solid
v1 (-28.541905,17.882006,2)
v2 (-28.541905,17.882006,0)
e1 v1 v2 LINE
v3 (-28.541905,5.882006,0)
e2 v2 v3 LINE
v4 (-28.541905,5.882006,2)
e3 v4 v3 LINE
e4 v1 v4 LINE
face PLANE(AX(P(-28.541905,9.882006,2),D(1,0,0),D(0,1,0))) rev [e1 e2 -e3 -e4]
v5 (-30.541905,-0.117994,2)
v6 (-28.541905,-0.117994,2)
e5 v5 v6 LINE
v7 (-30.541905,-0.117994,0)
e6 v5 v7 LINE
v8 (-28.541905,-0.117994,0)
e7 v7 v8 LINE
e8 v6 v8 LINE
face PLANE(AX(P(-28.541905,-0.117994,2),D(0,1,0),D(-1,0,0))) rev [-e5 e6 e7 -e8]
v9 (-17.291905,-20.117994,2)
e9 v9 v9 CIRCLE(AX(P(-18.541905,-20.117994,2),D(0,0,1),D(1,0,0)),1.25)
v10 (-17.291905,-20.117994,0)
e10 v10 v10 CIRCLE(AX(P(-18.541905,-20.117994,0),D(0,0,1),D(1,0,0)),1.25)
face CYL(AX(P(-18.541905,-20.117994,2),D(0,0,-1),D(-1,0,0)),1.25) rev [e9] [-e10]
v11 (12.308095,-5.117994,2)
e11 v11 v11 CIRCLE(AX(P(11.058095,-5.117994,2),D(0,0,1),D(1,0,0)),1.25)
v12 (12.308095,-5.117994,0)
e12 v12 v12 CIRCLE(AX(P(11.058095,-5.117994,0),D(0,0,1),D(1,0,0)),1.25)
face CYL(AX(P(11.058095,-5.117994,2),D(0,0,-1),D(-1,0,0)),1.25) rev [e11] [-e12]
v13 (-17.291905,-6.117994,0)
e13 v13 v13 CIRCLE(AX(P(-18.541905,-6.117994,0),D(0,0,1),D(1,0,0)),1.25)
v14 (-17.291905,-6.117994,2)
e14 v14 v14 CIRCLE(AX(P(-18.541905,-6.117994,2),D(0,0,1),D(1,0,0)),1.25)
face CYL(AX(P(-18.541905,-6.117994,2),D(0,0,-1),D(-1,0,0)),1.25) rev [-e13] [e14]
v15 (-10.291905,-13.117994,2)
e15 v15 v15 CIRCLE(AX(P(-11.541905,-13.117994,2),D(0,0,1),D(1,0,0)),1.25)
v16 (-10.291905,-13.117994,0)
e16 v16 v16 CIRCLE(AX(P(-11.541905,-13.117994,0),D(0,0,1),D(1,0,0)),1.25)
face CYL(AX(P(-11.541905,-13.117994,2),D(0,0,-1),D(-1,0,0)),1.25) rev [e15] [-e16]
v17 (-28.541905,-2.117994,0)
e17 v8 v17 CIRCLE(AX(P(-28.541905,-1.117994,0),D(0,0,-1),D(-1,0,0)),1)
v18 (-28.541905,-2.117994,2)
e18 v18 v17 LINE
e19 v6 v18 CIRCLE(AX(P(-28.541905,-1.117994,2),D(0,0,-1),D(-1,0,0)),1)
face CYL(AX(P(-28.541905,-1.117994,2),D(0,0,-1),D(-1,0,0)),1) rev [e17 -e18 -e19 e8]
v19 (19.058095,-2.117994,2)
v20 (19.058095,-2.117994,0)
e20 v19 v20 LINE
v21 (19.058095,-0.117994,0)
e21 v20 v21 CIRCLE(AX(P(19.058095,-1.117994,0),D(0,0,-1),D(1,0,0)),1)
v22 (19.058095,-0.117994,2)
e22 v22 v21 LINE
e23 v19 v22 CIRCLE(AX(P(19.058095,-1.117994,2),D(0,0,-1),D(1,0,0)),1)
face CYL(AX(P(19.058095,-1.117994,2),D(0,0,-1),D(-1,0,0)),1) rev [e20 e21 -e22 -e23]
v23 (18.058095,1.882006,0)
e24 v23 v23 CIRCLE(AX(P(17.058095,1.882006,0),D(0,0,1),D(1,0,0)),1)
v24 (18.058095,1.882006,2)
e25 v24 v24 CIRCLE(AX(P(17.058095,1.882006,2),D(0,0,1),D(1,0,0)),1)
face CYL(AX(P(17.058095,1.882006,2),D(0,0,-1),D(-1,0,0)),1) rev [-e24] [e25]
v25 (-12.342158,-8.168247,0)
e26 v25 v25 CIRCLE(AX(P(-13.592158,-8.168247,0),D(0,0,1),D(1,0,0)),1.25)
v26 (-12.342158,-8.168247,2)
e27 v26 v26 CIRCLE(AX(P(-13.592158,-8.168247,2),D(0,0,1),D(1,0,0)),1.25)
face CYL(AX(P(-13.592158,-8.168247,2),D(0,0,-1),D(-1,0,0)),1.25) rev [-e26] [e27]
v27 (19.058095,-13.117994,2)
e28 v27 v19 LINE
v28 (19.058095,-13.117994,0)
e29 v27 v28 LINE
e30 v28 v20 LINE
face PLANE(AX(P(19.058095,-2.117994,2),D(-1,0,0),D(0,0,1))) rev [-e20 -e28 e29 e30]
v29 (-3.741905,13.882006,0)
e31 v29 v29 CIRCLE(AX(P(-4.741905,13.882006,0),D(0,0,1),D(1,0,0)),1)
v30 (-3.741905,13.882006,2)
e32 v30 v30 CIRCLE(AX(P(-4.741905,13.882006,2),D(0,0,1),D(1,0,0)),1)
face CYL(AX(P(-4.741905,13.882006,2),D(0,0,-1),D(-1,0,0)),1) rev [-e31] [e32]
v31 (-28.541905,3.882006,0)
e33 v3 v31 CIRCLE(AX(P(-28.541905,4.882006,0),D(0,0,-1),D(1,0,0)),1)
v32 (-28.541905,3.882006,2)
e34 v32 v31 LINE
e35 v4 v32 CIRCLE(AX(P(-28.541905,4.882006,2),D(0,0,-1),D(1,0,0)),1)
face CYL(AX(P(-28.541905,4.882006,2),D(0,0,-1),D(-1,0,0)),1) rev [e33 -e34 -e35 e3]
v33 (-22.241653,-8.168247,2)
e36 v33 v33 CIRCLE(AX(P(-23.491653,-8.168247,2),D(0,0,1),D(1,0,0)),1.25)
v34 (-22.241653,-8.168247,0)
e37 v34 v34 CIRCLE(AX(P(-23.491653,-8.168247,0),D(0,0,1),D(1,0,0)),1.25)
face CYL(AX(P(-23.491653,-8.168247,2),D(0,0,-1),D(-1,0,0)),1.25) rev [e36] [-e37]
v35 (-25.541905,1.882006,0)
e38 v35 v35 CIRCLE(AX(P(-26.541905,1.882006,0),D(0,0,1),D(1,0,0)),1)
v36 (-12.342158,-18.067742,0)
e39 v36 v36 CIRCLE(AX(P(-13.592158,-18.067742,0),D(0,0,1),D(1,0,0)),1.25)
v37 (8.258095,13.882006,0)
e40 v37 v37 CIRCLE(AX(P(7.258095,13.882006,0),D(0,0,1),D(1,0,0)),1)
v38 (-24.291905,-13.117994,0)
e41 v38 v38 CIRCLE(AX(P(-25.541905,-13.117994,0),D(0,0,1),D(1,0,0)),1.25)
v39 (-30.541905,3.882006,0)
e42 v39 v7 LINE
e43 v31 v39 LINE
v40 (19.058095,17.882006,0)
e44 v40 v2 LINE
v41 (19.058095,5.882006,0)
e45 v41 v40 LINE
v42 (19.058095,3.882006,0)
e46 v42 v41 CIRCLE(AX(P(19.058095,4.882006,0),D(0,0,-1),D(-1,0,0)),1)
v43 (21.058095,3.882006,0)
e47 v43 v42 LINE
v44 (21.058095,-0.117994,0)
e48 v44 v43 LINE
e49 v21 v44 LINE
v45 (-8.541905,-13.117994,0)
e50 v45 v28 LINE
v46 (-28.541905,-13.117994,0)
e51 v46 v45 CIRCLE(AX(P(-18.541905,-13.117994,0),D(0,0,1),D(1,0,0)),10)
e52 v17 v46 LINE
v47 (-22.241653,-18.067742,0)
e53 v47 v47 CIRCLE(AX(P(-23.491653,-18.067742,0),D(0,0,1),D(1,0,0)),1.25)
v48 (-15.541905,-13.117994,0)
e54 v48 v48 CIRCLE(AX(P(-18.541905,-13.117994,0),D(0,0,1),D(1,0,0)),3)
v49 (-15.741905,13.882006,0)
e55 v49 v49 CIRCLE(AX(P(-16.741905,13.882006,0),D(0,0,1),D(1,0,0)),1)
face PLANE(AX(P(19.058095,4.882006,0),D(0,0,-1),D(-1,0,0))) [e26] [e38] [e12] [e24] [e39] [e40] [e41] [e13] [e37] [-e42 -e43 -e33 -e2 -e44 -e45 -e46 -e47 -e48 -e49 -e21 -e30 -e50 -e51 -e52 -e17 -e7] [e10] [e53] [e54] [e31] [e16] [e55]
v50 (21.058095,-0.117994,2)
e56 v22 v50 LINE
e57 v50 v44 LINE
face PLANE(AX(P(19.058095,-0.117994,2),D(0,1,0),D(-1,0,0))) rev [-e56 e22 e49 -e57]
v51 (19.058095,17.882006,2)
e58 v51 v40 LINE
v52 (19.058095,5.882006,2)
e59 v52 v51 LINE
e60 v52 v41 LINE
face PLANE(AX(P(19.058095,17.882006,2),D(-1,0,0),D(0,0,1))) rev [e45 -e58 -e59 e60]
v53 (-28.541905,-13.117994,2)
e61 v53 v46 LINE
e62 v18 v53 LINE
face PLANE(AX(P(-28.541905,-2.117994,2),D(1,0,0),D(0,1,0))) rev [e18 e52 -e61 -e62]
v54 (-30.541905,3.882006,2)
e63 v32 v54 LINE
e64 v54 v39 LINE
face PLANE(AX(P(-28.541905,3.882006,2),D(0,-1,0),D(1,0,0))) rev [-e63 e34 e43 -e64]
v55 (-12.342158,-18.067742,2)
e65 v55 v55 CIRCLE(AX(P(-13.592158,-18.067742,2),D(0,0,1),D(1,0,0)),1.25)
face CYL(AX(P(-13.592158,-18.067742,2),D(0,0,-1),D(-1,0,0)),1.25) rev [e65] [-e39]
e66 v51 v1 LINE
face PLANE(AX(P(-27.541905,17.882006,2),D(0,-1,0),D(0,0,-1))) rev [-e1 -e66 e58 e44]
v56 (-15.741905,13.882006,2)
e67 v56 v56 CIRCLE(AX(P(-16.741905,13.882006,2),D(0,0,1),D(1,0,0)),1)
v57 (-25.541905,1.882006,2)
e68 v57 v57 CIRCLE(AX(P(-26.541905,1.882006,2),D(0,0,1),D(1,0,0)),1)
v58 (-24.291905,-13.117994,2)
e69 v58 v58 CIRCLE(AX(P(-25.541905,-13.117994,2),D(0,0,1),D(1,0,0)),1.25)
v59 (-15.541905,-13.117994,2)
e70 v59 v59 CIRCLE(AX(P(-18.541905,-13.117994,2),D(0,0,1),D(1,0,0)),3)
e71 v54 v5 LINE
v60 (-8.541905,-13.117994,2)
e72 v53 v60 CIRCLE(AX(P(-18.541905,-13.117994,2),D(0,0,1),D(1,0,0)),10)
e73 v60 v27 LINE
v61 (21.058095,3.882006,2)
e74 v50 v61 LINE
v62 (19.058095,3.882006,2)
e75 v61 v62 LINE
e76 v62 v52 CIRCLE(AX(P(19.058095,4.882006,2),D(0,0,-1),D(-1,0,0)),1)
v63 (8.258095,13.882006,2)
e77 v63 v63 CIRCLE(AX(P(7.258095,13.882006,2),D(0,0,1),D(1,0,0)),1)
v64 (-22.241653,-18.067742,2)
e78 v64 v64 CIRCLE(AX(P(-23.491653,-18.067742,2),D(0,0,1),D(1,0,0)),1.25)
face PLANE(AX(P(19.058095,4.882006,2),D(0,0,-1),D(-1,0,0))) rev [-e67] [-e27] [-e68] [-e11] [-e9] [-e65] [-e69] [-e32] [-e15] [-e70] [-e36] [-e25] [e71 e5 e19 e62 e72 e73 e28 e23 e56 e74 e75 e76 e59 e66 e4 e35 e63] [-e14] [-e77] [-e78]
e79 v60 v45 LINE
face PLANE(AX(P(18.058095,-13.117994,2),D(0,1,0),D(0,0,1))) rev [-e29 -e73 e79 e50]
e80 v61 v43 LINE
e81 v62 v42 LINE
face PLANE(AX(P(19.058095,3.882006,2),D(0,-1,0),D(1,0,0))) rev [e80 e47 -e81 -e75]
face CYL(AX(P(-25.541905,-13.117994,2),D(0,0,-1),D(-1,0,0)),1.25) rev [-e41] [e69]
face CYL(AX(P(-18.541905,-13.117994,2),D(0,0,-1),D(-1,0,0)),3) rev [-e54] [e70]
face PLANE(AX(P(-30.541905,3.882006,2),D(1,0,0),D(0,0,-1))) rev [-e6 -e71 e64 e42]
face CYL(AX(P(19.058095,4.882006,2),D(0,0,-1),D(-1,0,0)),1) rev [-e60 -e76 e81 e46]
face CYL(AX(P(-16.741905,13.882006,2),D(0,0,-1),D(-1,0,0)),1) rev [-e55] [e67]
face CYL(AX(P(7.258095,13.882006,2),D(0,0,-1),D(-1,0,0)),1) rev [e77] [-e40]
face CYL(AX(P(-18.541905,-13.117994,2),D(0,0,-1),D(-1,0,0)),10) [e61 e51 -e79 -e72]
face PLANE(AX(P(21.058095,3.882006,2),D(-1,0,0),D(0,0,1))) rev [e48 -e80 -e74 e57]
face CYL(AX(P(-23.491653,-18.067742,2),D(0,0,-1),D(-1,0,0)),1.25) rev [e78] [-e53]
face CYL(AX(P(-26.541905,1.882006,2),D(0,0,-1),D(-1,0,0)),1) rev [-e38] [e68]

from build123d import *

# Parameters (mm, degrees)
SKETCH_1_R      = 3
SKETCH_1_R_2    = 1.25
SKETCH_1_R_3    = 1
EXTRUDE_2_DEPTH = 2


with BuildPart() as part:
    # 草圖1 → 填料-伸長2 (new body)
    with BuildSketch(Plane.XY):
        with BuildLine():
            Line((-7.587453917, -13.1179941), (18.058094933, -13.1179941))
            Line((18.058094933, -13.1179941), (19.058094933, -13.1179941))
            Line((19.058094933, -13.1179941), (19.058094933, -12.1179941))
            Line((19.058094933, -12.1179941), (19.058094933, -2.1179941))
            ThreePointArc((19.058094933, -2.1179941), (18.058094933, -1.1179941), (19.058094933, -0.1179941))
            Line((19.058094933, -0.1179941), (21.058094933, -0.1179941))
            Line((21.058094933, -0.1179941), (21.058094933, 3.8820059))
            Line((21.058094933, 3.8820059), (19.058094933, 3.8820059))
            ThreePointArc((19.058094933, 3.8820059), (18.058094933, 4.8820059), (19.058094933, 5.8820059))
            Line((19.058094933, 5.8820059), (19.058094933, 9.8820059))
            Line((19.058094933, 9.8820059), (19.058094933, 10.8820059))
            Line((19.058094933, 10.8820059), (19.058094933, 16.8820059))
            Line((19.058094933, 16.8820059), (19.058094933, 17.8820059))
            Line((19.058094933, 17.8820059), (18.058094933, 17.8820059))
            Line((18.058094933, 17.8820059), (-27.541905067, 17.8820059))
            Line((-27.541905067, 17.8820059), (-28.541905067, 17.8820059))
            Line((-28.541905067, 17.8820059), (-28.541905067, 16.8820059))
            Line((-28.541905067, 16.8820059), (-28.541905067, 10.8820059))
            Line((-28.541905067, 10.8820059), (-28.541905067, 9.8820059))
            Line((-28.541905067, 9.8820059), (-28.541905067, 5.8820059))
            ThreePointArc((-28.541905067, 5.8820059), (-27.541905067, 4.8820059), (-28.541905067, 3.8820059))
            Line((-28.541905067, 3.8820059), (-30.541905067, 3.8820059))
            Line((-30.541905067, 3.8820059), (-30.541905067, -0.1179941))
            Line((-30.541905067, -0.1179941), (-28.541905067, -0.1179941))
            ThreePointArc((-28.541905067, -0.1179941), (-27.541905067, -1.1179941), (-28.541905067, -2.1179941))
            Line((-28.541905067, -2.1179941), (-28.541905067, -13.1179941))
            ThreePointArc((-28.541905067, -13.1179941), (-18.541905067, -23.1179941), (-8.541905067, -13.1179941))
            Line((-8.541905067, -13.1179941), (-7.587453917, -13.1179941))
        make_face()
        with Locations((-18.541905067, -13.1179941)):
            Circle(SKETCH_1_R, mode=Mode.SUBTRACT)
        with Locations((-18.541905067, -6.1179941)):
            Circle(SKETCH_1_R_2, mode=Mode.SUBTRACT)
        with Locations((-13.592157599, -8.168246632)):
            Circle(SKETCH_1_R_2, mode=Mode.SUBTRACT)
        with Locations((-11.541905067, -13.1179941)):
            Circle(SKETCH_1_R_2, mode=Mode.SUBTRACT)
        with Locations((-13.592157599, -18.067741569)):
            Circle(SKETCH_1_R_2, mode=Mode.SUBTRACT)
        with Locations((-18.541905067, -20.1179941)):
            Circle(SKETCH_1_R_2, mode=Mode.SUBTRACT)
        with Locations((-23.491652536, -18.067741569)):
            Circle(SKETCH_1_R_2, mode=Mode.SUBTRACT)
        with Locations((-25.541905067, -13.1179941)):
            Circle(SKETCH_1_R_2, mode=Mode.SUBTRACT)
        with Locations((-23.491652536, -8.168246632)):
            Circle(SKETCH_1_R_2, mode=Mode.SUBTRACT)
        with Locations((-26.541905067, 1.8820059)):
            Circle(SKETCH_1_R_3, mode=Mode.SUBTRACT)
        with Locations((17.058094933, 1.8820059)):
            Circle(SKETCH_1_R_3, mode=Mode.SUBTRACT)
        with Locations((-4.741905067, 13.8820059)):
            Circle(SKETCH_1_R_3, mode=Mode.SUBTRACT)
        with Locations((11.058094933, -5.1179941)):
            Circle(SKETCH_1_R_2, mode=Mode.SUBTRACT)
        with Locations((-16.741905067, 13.8820059)):
            Circle(SKETCH_1_R_3, mode=Mode.SUBTRACT)
        with Locations((7.258094933, 13.8820059)):
            Circle(SKETCH_1_R_3, mode=Mode.SUBTRACT)
    extrude(amount=EXTRUDE_2_DEPTH)


solid = part.part
